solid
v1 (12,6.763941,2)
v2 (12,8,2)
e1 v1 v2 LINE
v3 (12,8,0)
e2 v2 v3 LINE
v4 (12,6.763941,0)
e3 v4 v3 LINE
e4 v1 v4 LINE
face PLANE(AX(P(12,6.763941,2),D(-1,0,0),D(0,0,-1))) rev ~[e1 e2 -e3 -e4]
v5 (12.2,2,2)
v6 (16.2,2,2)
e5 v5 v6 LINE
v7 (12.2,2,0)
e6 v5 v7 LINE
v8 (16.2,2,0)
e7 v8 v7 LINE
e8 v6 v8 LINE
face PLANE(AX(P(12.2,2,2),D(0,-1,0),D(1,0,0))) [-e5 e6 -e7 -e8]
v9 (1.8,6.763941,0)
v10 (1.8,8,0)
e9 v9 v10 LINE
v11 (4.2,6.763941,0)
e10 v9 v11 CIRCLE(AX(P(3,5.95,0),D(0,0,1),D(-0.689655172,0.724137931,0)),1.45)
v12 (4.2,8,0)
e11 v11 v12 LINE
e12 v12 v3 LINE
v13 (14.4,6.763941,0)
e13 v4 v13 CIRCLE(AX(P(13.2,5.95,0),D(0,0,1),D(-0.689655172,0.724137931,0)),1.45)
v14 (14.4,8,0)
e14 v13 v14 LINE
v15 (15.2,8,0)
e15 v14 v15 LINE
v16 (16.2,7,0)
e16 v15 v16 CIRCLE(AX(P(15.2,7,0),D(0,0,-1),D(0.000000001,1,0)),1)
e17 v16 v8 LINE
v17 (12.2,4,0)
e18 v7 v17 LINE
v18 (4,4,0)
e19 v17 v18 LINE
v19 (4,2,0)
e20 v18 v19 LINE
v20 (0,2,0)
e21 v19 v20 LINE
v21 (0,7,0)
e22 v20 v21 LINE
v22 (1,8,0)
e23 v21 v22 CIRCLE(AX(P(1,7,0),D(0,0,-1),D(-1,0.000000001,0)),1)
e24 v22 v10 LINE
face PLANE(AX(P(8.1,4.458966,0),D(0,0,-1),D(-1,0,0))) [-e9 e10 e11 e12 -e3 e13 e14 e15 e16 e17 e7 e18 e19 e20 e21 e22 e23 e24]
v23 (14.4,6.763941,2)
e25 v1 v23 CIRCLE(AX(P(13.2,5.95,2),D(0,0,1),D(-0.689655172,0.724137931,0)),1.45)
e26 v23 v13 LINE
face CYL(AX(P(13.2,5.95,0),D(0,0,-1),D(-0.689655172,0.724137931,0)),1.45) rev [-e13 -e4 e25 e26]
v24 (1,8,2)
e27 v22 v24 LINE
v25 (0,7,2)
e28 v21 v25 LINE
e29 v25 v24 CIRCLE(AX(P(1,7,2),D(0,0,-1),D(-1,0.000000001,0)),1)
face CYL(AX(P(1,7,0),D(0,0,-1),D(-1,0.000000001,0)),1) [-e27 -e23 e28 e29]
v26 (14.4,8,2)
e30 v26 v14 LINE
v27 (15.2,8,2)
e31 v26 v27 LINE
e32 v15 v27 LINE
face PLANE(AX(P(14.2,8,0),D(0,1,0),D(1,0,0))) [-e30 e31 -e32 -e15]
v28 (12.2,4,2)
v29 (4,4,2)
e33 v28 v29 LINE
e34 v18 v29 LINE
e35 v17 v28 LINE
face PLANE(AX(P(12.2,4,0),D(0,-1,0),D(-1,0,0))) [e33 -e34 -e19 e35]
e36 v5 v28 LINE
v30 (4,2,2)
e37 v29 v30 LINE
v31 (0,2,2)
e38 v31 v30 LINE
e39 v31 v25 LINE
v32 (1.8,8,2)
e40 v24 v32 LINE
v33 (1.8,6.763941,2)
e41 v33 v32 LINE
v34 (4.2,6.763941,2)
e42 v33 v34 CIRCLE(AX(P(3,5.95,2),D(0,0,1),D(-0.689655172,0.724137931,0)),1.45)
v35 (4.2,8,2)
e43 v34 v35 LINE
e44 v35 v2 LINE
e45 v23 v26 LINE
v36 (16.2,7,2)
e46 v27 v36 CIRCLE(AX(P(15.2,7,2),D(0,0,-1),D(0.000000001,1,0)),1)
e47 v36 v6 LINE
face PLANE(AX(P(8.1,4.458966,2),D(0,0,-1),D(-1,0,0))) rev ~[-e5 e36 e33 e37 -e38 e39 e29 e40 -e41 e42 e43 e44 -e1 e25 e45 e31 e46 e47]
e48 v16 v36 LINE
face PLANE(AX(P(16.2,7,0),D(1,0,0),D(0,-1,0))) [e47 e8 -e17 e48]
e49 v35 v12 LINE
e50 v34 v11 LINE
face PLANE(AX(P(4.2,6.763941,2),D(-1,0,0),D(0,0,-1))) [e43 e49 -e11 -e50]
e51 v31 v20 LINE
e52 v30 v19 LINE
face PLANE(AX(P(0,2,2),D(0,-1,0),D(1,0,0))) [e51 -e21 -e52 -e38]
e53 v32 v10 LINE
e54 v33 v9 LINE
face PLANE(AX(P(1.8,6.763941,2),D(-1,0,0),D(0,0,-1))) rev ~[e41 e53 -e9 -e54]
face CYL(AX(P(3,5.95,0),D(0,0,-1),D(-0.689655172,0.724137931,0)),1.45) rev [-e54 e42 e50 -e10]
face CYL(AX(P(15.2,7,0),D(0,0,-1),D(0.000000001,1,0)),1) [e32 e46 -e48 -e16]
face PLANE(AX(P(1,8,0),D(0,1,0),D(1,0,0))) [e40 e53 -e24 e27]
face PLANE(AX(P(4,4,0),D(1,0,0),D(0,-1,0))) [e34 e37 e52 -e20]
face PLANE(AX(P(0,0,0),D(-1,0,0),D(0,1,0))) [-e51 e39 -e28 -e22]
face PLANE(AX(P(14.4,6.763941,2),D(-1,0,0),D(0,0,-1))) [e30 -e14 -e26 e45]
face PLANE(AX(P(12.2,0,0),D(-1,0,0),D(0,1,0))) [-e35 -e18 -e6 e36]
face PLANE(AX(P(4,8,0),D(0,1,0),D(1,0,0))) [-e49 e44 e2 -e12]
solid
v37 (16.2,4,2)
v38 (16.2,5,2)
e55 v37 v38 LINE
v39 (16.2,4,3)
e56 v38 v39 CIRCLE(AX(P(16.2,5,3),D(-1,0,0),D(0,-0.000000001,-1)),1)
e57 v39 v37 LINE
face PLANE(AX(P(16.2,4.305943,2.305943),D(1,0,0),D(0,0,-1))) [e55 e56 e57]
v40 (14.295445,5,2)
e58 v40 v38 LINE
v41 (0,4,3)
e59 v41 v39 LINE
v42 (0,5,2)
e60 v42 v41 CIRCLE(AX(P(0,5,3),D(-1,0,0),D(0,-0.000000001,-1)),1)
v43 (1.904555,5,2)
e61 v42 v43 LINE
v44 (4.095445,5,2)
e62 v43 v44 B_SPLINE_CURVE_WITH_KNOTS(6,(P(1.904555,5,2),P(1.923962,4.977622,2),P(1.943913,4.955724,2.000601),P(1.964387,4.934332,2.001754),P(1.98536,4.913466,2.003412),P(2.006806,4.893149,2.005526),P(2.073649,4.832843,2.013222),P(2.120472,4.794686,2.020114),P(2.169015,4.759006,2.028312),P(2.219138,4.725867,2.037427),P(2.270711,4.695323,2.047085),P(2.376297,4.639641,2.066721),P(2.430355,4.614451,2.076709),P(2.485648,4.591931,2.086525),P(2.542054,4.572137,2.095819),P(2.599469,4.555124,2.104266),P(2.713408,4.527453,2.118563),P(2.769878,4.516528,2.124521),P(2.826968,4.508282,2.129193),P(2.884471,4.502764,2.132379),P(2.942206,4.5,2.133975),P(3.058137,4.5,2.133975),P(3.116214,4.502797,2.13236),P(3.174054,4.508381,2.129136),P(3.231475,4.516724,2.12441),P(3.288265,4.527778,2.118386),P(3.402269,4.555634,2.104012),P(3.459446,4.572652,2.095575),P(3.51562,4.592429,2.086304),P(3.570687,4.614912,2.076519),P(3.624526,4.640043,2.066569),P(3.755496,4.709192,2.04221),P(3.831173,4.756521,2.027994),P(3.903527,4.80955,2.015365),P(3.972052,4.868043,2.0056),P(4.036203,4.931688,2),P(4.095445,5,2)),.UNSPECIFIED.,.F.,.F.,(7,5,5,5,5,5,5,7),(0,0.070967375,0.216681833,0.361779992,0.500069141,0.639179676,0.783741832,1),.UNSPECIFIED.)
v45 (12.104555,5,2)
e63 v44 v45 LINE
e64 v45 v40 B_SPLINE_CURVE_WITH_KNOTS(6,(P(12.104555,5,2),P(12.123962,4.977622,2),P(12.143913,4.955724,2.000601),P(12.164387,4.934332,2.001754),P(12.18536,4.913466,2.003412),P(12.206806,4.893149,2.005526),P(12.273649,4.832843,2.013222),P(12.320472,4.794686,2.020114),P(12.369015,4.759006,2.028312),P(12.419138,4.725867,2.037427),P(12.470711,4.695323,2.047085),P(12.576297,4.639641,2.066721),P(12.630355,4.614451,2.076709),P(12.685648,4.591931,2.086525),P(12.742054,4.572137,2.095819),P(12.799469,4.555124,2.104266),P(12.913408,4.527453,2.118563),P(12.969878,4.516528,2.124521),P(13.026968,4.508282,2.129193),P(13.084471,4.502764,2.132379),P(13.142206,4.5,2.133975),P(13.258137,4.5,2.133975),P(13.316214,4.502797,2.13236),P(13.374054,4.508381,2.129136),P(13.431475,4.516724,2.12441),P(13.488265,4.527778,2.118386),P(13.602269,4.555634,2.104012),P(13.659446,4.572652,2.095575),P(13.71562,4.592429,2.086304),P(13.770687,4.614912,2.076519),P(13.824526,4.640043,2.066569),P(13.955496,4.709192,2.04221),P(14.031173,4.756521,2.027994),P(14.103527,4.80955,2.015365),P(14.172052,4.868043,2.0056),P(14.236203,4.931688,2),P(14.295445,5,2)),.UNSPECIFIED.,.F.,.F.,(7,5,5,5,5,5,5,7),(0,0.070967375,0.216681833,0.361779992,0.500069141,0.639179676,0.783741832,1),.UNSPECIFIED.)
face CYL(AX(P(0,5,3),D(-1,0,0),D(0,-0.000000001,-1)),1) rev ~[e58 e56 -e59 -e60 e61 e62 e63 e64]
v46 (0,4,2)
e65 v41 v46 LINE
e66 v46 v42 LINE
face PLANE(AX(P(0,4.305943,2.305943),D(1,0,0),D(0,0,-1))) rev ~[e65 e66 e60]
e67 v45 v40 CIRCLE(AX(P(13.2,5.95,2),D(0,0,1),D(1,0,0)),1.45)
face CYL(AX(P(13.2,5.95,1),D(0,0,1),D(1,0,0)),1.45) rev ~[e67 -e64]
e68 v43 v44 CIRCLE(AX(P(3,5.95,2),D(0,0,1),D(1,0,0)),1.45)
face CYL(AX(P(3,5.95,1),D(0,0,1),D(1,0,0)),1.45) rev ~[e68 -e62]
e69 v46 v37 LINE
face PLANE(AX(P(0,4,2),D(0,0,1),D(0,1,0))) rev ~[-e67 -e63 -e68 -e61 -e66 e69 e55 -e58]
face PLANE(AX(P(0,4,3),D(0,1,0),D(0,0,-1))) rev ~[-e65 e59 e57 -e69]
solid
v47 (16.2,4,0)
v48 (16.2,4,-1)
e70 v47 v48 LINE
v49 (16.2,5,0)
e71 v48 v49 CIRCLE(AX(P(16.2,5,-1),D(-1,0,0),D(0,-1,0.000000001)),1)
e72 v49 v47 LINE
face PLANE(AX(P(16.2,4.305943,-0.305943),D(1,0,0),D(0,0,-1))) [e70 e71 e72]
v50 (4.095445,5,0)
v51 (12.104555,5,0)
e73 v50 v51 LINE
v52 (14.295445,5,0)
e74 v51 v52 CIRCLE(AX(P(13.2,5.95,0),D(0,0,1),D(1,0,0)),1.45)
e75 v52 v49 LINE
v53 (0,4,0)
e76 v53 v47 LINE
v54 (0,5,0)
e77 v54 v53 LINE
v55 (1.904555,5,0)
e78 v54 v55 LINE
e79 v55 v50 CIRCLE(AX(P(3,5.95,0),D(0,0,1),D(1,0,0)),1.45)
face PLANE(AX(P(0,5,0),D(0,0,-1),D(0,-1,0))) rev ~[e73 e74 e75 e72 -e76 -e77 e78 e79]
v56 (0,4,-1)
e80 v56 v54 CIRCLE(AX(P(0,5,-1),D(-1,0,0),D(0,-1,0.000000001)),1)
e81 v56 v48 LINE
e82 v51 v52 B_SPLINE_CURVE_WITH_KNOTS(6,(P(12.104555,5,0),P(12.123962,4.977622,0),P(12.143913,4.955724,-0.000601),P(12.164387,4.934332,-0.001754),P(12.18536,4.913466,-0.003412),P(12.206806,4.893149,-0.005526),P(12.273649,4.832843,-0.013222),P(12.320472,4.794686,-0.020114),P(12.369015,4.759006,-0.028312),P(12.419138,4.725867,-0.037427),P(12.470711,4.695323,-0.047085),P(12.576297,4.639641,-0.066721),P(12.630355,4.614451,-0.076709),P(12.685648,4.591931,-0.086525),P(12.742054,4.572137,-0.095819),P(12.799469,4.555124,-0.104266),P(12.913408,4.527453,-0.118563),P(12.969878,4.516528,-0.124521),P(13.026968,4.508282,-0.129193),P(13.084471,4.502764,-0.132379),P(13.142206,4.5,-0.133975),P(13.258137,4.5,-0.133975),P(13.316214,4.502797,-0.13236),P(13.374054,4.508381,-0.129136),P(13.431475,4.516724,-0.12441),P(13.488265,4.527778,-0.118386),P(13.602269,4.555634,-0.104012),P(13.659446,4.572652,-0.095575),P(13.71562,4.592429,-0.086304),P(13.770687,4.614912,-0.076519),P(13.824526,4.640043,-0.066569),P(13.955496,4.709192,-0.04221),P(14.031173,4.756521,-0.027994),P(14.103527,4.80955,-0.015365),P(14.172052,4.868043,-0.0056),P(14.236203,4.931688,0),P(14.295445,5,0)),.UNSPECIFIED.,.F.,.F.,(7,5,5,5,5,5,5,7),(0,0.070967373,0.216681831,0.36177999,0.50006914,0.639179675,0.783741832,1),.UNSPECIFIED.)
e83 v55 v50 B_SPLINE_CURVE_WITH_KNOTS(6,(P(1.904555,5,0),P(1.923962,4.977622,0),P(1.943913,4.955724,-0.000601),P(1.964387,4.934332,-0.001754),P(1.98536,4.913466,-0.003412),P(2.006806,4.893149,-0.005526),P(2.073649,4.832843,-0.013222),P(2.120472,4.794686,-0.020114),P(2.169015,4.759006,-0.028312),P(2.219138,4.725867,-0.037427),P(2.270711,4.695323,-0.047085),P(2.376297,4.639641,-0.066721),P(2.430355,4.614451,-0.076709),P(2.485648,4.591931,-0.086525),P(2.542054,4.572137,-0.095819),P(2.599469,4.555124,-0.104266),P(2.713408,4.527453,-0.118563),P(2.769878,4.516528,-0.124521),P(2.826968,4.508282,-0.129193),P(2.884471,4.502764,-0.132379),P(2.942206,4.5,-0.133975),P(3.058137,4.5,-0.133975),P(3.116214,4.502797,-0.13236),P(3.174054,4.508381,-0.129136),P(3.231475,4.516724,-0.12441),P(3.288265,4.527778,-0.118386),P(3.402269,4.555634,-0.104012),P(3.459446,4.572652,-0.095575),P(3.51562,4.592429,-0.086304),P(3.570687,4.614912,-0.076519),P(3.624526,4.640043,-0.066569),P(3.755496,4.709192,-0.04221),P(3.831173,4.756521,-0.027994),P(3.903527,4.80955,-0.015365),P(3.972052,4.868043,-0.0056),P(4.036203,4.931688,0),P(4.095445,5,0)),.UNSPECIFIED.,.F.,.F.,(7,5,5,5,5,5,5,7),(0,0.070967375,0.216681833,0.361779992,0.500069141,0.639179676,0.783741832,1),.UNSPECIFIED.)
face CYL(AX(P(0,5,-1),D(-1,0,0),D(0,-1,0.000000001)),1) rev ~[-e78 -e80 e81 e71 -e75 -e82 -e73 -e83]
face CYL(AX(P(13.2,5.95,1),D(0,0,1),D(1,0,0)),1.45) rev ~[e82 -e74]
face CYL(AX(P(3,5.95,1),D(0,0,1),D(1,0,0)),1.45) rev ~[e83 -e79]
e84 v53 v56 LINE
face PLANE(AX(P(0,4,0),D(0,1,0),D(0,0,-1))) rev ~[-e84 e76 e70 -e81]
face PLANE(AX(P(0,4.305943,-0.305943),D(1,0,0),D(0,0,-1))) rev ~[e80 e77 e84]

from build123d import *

# Parameters (mm, degrees)
BOSS_EXTRUDE1_DEPTH     = 2
BOSS_EXTRUDE2_DEPTH     = 16.2
BOSS_EXTRUDE2_2_DEPTH   = 16.2
SKETCH3_W               = 4
SKETCH3_H               = 2
CUT_EXTRUDE1_DEPTH      = 4
CUT_EXTRUDE4_START      = -1.236059
SKETCH5_W               = 2.4
SKETCH5_H               = 2
CUT_EXTRUDE4_DEPTH      = 1.236059
SKETCH8_R               = 1.45
CUT_EXTRUDE6_DEPTH      = 3
CUT_EXTRUDE6_DEPTH_BACK = 3


with BuildPart() as part:
    # Sketch1 → Boss-Extrude1 (new body)
    with BuildSketch(Plane.XY):
        with BuildLine():
            Line((4, 8), (12.2, 8))
            Line((12.2, 8), (12.2, 7))
            ThreePointArc((12.2, 7), (13.2, 4.5), (14.2, 7))
            Line((14.2, 7), (14.2, 8))
            Line((14.2, 8), (15.2, 8))
            ThreePointArc((15.2, 8), (15.907106781, 7.707106781), (16.2, 7))
            Line((16.2, 7), (16.2, 0))
            Line((16.2, 0), (12.2, 0))
            Line((12.2, 0), (12.2, 4))
            Line((12.2, 4), (4, 4))
            Line((4, 4), (4, 0))
            Line((4, 0), (0, 0))
            Line((0, 0), (0, 7))
            ThreePointArc((0, 7), (0.292893219, 7.707106781), (1, 8))
            Line((1, 8), (2, 8))
            Line((2, 8), (2, 7))
            ThreePointArc((2, 7), (3, 4.5), (4, 7))
            Line((4, 7), (4, 8))
        make_face()
    extrude(amount=BOSS_EXTRUDE1_DEPTH)

    # Sketch3 → Cut-Extrude1 (cut, through all)
    with BuildSketch(Plane.XY.offset(2)):
        with Locations((2, 1)):
            Rectangle(SKETCH3_W, SKETCH3_H)
        with Locations((14.2, 1)):
            Rectangle(SKETCH3_W, SKETCH3_H)
    extrude(amount=-CUT_EXTRUDE1_DEPTH, mode=Mode.SUBTRACT)

    # Sketch5 → Cut-Extrude4 (cut)
    with BuildSketch(Plane(origin=(0, 8, 0), x_dir=(1, 0, 0), z_dir=(0, 1, 0)).offset(CUT_EXTRUDE4_START)):
        with Locations((3, -1)):
            Rectangle(SKETCH5_W, SKETCH5_H)
        with Locations((13.2, -1)):
            Rectangle(SKETCH5_W, SKETCH5_H)
    extrude(amount=CUT_EXTRUDE4_DEPTH, mode=Mode.SUBTRACT)


with BuildPart() as body_2:
    # Sketch2 → Boss-Extrude2 (new body)
    with BuildSketch(Plane.ZY):
        with BuildLine():
            Line((2, 4), (2, 5))
            ThreePointArc((2, 5), (2.292893219, 4.292893219), (3, 4))
            Line((3, 4), (2, 4))
        make_face()
    extrude(amount=-BOSS_EXTRUDE2_DEPTH)


with BuildPart() as body_3:
    # Sketch2 → Boss-Extrude2 2 (new body)
    with BuildSketch(Plane.ZY):
        with BuildLine():
            Line((0, 4), (-1, 4))
            ThreePointArc((-1, 4), (-0.292893219, 4.292893219), (0, 5))
            Line((0, 5), (0, 4))
        make_face()
    extrude(amount=-BOSS_EXTRUDE2_2_DEPTH)


with BuildPart() as cut_extrude6_tool:
    # Sketch8 → Cut-Extrude6 (new body, two sides)
    with BuildSketch(Plane.XY.offset(1)) as cut_extrude6_sk:
        with Locations((3, 5.95)):
            Circle(SKETCH8_R)
        with Locations((13.2, 5.95)):
            Circle(SKETCH8_R)
    extrude(amount=CUT_EXTRUDE6_DEPTH)
    extrude(cut_extrude6_sk.sketch, amount=-CUT_EXTRUDE6_DEPTH_BACK)


with BuildPart() as body_2_1:
    add(body_2.part)

    # Cut-Extrude6: cut by cut_extrude6_tool
    add(cut_extrude6_tool.part, mode=Mode.SUBTRACT)


with BuildPart() as body_3_1:
    add(body_3.part)

    # Cut-Extrude6: cut by cut_extrude6_tool
    add(cut_extrude6_tool.part, mode=Mode.SUBTRACT)


solid = Compound([part.part, body_2_1.part, body_3_1.part])
